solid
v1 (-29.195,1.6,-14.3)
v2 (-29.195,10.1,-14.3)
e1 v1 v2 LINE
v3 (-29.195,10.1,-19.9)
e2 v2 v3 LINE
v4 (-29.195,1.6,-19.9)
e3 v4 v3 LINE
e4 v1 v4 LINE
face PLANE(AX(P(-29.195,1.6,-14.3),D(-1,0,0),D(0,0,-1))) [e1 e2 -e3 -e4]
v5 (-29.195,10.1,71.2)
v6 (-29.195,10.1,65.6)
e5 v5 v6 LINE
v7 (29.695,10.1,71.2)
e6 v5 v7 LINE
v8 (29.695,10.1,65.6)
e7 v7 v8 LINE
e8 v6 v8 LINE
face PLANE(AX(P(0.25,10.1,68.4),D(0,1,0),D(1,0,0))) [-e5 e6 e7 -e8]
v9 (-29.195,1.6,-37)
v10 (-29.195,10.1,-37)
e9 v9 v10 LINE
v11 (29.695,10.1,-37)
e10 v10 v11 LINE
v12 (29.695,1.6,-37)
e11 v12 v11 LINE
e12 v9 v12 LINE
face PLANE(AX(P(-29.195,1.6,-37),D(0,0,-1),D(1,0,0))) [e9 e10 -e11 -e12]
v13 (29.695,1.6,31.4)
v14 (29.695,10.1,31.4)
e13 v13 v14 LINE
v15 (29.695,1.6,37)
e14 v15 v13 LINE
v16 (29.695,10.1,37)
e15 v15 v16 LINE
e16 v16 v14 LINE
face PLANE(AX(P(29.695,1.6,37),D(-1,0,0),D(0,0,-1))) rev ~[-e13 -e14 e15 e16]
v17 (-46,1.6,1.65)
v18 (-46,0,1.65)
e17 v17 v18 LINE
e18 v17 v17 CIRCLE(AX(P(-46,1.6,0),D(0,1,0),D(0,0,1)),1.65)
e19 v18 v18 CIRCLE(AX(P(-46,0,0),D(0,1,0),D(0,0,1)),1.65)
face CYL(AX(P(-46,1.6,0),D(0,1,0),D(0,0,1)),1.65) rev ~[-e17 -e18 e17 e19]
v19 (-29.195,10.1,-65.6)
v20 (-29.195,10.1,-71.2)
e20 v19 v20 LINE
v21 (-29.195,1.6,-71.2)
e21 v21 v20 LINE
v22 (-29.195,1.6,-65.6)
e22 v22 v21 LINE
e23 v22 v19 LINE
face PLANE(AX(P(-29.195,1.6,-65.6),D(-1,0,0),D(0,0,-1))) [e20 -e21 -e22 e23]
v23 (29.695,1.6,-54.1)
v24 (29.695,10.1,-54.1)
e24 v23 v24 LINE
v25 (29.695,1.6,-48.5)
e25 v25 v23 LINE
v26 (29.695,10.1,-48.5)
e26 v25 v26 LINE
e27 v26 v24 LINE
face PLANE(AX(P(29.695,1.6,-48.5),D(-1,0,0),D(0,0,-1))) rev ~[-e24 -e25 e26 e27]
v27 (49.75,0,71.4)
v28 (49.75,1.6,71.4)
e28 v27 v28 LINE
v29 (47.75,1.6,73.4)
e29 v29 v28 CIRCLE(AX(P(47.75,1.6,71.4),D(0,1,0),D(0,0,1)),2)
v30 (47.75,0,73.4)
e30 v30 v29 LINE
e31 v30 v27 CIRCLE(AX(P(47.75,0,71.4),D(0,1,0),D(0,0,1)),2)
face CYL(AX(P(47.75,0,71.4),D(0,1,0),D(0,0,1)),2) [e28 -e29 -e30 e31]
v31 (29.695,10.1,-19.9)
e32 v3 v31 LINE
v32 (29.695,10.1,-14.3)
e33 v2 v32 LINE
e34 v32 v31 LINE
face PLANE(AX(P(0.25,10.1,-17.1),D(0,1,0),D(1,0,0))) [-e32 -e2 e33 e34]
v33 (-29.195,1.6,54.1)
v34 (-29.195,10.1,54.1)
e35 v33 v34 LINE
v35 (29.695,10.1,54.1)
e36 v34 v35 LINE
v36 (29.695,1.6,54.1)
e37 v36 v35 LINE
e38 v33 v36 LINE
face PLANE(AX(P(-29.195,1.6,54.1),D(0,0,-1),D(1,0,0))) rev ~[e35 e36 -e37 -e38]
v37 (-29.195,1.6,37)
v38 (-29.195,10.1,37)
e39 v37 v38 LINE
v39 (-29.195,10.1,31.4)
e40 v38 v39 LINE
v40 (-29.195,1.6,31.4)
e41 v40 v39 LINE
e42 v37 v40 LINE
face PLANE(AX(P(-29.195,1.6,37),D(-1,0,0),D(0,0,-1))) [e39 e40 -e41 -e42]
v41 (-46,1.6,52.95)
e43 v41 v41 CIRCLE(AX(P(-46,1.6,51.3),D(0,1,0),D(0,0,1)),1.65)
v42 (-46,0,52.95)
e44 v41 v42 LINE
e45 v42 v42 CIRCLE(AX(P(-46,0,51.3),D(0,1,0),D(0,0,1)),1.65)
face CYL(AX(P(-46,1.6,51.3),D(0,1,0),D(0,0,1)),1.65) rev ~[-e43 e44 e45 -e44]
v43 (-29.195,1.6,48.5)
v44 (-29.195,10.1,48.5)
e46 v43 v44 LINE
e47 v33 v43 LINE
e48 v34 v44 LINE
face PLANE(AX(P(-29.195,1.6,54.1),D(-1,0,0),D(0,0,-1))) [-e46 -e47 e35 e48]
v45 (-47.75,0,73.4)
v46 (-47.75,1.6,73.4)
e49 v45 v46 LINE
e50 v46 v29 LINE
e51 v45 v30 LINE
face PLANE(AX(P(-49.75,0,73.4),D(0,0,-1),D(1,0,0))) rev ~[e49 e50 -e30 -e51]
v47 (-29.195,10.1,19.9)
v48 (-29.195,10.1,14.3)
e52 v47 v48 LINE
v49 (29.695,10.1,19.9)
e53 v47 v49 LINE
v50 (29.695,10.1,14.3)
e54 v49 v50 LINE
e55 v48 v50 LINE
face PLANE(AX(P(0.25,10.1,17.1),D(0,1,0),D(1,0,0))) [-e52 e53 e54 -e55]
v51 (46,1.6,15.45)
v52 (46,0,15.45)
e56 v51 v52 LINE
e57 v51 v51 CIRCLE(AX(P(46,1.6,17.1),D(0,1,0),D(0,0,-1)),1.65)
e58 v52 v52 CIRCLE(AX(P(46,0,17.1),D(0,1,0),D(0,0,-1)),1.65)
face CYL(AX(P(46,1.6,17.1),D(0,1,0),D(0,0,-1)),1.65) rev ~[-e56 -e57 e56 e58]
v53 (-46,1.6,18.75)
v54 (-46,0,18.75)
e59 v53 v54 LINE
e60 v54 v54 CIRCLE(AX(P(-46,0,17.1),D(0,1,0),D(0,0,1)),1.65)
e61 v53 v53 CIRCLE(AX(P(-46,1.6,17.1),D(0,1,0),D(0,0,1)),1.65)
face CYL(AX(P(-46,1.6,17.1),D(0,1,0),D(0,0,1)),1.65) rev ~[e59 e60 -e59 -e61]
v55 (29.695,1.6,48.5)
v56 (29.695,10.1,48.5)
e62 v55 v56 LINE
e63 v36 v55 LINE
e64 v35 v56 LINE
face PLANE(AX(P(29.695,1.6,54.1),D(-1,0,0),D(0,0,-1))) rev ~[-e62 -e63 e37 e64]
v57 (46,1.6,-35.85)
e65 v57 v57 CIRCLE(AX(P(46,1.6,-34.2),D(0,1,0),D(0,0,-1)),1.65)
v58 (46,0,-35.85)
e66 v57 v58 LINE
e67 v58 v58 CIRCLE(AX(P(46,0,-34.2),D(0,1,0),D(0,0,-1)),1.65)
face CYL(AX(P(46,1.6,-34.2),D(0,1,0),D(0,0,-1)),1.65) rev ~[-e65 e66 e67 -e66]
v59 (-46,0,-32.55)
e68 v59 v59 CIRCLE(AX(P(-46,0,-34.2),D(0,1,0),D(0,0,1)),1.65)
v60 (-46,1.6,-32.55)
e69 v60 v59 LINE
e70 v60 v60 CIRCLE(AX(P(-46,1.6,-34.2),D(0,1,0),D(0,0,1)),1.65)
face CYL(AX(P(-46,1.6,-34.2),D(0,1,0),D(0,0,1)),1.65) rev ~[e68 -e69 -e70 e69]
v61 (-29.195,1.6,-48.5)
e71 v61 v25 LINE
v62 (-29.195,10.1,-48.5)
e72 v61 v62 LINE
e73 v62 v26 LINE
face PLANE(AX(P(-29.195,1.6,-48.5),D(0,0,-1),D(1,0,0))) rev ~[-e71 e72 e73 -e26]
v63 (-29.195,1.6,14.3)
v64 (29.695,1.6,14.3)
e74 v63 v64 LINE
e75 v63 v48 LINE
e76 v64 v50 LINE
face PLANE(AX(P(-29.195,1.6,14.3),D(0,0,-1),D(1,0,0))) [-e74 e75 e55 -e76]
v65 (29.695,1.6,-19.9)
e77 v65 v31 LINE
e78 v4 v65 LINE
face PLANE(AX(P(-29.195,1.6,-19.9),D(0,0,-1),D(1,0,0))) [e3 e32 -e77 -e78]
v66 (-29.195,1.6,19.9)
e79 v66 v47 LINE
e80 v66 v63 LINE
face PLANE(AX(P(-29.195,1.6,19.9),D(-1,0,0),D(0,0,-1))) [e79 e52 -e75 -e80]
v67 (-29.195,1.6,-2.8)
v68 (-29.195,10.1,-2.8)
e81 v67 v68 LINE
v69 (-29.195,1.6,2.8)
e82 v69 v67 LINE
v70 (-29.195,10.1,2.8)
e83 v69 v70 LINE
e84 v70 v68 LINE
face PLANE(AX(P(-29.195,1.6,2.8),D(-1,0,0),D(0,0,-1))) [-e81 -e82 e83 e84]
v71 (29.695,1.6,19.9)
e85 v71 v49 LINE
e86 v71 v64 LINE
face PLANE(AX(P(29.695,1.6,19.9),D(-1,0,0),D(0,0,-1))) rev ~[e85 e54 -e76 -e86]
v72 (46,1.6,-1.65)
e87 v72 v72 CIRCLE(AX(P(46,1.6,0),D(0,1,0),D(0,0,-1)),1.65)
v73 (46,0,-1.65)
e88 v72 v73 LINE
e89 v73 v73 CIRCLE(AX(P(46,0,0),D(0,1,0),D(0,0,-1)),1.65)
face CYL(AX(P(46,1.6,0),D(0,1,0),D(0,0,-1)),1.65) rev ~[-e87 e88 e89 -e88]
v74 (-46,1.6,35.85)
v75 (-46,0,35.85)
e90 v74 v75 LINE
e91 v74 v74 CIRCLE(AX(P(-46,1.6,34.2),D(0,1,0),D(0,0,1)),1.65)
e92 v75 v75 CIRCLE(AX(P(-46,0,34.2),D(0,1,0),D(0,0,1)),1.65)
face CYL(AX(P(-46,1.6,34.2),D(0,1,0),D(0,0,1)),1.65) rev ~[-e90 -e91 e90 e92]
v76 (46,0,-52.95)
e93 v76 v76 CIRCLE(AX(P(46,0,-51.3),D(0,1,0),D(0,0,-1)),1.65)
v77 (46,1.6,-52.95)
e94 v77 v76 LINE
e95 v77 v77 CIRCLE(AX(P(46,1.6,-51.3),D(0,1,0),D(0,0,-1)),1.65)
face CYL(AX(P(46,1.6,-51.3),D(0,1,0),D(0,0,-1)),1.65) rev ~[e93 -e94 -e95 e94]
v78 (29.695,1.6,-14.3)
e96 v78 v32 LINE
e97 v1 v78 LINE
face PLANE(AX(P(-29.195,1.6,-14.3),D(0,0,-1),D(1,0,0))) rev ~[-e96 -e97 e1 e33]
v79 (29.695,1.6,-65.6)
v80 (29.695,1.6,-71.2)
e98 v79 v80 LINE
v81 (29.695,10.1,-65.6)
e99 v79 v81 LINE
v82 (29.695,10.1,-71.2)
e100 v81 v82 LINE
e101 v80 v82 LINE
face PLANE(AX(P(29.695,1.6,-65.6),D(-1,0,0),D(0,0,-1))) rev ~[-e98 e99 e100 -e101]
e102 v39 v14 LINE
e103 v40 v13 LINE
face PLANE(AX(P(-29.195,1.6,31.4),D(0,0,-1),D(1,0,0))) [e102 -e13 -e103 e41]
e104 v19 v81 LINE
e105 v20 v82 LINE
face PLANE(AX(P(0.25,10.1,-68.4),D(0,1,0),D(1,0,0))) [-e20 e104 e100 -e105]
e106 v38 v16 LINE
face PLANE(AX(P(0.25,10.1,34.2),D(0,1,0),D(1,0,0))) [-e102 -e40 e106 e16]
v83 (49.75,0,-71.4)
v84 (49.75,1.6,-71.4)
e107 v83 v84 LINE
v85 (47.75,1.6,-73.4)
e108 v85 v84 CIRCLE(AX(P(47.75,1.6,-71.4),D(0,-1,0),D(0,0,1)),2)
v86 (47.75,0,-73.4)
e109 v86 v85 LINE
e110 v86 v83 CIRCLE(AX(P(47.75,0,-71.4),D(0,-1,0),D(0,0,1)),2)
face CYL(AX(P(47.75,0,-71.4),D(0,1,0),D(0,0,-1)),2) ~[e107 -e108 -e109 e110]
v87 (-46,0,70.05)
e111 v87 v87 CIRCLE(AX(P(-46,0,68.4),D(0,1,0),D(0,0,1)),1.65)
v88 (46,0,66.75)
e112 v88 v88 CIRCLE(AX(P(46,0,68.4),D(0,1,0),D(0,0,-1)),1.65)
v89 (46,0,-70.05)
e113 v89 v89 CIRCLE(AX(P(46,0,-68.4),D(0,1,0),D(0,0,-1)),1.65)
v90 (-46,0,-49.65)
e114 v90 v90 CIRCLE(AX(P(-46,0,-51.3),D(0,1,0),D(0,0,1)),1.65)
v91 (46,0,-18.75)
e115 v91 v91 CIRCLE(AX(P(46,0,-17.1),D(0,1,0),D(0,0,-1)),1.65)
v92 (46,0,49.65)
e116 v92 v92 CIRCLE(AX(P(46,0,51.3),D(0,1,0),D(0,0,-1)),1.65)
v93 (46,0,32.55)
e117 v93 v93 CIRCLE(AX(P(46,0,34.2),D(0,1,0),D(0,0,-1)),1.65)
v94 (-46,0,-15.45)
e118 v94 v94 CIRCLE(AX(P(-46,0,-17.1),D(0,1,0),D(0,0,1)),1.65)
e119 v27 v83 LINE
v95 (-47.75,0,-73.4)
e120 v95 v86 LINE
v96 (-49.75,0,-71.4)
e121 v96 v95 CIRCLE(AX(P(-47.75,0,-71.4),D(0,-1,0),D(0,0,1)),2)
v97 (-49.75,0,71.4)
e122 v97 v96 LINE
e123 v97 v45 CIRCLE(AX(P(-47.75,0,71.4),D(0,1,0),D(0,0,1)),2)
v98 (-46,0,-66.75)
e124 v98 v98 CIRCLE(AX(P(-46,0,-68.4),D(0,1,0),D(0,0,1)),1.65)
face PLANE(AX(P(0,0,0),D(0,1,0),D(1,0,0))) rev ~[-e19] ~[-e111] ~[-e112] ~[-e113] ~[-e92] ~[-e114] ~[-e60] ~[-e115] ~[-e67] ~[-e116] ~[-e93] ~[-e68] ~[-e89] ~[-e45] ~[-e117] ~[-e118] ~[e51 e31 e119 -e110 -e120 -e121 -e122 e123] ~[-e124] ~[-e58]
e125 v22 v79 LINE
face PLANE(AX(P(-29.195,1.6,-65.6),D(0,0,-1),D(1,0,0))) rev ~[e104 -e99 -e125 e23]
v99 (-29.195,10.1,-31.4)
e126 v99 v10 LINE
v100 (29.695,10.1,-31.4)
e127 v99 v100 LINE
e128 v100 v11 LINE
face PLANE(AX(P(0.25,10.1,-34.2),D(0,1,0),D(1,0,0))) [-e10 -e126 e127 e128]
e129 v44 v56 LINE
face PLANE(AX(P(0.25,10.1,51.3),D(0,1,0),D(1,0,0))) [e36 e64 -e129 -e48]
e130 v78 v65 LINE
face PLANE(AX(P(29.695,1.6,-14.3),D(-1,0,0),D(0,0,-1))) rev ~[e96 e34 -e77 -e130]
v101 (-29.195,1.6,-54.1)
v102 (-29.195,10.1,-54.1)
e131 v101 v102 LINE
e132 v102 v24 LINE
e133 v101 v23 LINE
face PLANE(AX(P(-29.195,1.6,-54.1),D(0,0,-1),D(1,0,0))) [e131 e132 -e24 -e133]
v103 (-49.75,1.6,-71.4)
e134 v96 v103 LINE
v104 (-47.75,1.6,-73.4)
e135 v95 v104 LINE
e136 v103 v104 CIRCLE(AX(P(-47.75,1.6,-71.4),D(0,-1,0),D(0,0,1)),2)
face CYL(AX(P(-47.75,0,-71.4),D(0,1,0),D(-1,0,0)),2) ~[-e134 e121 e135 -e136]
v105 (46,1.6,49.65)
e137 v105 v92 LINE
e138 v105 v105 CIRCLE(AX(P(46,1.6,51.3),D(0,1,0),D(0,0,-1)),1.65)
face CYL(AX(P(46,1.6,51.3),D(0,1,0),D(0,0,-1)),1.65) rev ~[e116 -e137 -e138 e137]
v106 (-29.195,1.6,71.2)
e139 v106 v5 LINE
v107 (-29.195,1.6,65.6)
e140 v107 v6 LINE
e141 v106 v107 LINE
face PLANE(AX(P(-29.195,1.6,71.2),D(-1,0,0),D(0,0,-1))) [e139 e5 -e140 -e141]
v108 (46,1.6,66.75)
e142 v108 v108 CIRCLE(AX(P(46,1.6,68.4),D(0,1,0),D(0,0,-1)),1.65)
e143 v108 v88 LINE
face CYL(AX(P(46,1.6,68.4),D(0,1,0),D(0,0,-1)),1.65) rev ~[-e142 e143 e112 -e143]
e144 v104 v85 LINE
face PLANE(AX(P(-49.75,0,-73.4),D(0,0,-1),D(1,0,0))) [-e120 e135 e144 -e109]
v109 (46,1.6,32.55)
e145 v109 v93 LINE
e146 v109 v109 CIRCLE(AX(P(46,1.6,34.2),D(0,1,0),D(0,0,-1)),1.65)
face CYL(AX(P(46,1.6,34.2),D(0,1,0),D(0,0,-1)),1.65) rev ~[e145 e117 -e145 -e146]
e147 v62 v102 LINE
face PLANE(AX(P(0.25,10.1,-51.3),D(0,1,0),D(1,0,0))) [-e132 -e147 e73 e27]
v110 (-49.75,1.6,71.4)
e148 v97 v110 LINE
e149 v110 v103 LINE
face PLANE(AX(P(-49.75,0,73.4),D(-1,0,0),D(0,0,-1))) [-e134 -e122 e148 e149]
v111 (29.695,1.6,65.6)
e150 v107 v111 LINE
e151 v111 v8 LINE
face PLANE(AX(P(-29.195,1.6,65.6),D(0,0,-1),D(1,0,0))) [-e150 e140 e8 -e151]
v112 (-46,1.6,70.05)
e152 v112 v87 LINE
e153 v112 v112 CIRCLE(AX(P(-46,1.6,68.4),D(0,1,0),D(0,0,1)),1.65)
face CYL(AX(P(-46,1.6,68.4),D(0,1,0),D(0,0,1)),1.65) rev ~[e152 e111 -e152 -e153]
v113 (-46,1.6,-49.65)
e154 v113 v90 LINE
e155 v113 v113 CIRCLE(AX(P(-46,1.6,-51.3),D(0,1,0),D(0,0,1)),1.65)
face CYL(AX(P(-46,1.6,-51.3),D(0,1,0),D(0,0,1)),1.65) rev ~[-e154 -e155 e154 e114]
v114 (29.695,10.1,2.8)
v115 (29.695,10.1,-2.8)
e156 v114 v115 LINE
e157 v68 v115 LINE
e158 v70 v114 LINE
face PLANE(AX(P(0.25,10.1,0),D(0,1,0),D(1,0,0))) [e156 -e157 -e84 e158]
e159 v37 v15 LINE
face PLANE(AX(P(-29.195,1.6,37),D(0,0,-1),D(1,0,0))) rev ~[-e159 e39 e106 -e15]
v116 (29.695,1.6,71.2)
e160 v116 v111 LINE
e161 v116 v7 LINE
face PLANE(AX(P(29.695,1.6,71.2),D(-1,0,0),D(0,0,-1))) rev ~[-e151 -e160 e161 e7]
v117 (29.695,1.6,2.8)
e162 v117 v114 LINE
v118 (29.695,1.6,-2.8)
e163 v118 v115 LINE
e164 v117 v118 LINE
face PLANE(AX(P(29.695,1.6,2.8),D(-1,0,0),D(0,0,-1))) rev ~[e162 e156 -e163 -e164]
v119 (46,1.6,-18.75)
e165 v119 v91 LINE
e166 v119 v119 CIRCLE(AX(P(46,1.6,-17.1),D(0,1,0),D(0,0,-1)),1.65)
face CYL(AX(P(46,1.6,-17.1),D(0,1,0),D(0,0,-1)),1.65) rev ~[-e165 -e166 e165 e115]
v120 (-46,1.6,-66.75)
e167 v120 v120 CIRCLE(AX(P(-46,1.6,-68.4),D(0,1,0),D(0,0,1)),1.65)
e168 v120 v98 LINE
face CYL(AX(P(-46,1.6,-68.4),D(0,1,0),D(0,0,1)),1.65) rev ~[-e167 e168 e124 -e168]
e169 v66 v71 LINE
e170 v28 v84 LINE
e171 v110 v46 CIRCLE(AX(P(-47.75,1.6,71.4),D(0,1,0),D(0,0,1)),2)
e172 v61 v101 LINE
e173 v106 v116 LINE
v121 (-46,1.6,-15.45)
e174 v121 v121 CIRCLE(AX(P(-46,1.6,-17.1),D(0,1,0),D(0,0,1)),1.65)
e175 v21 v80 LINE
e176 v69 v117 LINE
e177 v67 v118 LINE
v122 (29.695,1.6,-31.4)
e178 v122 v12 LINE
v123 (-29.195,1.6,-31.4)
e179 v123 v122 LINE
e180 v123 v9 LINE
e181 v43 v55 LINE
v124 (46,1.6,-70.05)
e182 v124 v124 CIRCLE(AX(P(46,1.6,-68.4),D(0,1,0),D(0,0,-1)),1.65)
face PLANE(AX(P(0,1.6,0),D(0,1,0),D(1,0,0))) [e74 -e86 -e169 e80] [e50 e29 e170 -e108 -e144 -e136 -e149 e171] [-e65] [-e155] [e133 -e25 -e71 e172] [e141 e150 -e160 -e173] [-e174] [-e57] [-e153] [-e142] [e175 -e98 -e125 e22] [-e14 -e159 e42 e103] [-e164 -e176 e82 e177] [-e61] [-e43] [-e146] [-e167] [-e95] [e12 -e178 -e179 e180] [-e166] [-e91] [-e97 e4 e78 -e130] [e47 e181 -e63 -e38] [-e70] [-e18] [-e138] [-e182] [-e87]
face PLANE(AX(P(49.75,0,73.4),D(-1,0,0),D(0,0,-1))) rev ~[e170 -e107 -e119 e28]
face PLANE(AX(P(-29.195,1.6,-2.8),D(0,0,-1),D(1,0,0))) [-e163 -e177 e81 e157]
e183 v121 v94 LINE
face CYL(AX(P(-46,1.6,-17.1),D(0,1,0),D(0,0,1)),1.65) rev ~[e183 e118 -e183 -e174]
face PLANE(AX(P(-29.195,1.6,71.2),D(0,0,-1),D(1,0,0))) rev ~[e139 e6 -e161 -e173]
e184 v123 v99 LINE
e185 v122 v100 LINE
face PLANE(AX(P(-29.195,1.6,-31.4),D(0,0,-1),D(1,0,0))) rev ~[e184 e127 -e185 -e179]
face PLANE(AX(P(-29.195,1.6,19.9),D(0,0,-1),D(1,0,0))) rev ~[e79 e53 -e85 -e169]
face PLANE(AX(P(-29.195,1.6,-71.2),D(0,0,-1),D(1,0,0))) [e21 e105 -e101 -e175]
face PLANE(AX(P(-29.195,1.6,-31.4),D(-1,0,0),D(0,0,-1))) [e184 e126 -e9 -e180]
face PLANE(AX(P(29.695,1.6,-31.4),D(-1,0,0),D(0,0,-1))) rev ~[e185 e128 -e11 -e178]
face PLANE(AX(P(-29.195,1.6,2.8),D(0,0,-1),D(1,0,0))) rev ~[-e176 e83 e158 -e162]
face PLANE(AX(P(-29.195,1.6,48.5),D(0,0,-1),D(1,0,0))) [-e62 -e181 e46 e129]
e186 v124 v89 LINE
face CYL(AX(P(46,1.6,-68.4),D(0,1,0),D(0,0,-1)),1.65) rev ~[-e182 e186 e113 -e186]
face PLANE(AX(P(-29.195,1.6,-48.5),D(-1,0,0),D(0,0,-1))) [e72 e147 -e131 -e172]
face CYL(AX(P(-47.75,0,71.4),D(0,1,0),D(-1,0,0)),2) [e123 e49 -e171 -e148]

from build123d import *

# Parameters (mm, degrees)
SKETCH1_W           = 99.5
SKETCH1_H           = 146.8
BOSS_EXTRUDE1_DEPTH = 1.6
SKETCH3_R           = 1.65
CUT_EXTRUDE2_DEPTH  = 1.6
SKETCH4_W           = 58.89
SKETCH4_H           = 5.6
BOSS_EXTRUDE2_DEPTH = 8.5
FILLET2_R           = 2


with BuildPart() as part:
    # Sketch1 → Boss-Extrude1 (new body)
    with BuildSketch(Plane(origin=(0, 0, 0), x_dir=(1, 0, 0), z_dir=(0, 1, 0))):
        Rectangle(SKETCH1_W, SKETCH1_H)
    extrude(amount=BOSS_EXTRUDE1_DEPTH)

    # Sketch3 → Cut-Extrude2 (cut)
    with BuildSketch(Plane(origin=(0, 1.6, 0), x_dir=(1, 0, 0), z_dir=(0, 1, 0))):
        with Locations(Location((-46, -68.4, 0), (0, 0, 270))):
            Circle(SKETCH3_R)
        with Locations(Location((-46, -51.3, 0), (0, 0, 270))):
            Circle(SKETCH3_R)
        with Locations(Location((-46, -34.2, 0), (0, 0, 270))):
            Circle(SKETCH3_R)
        with Locations(Location((-46, -17.1, 0), (0, 0, 270))):
            Circle(SKETCH3_R)
        with Locations(Location((-46, 0, 0), (0, 0, 270))):
            Circle(SKETCH3_R)
        with Locations(Location((-46, 17.1, 0), (0, 0, 270))):
            Circle(SKETCH3_R)
        with Locations(Location((-46, 34.2, 0), (0, 0, 270))):
            Circle(SKETCH3_R)
        with Locations(Location((-46, 51.3, 0), (0, 0, 270))):
            Circle(SKETCH3_R)
        with Locations(Location((-46, 68.4, 0), (0, 0, 270))):
            Circle(SKETCH3_R)
        with Locations(Location((46, 68.4, 0), (0, 0, 90))):
            Circle(SKETCH3_R)
        with Locations(Location((46, 51.3, 0), (0, 0, 90))):
            Circle(SKETCH3_R)
        with Locations(Location((46, 34.2, 0), (0, 0, 90))):
            Circle(SKETCH3_R)
        with Locations(Location((46, 17.1, 0), (0, 0, 90))):
            Circle(SKETCH3_R)
        with Locations(Location((46, 0, 0), (0, 0, 90))):
            Circle(SKETCH3_R)
        with Locations(Location((46, -17.1, 0), (0, 0, 90))):
            Circle(SKETCH3_R)
        with Locations(Location((46, -34.2, 0), (0, 0, 90))):
            Circle(SKETCH3_R)
        with Locations(Location((46, -51.3, 0), (0, 0, 90))):
            Circle(SKETCH3_R)
        with Locations(Location((46, -68.4, 0), (0, 0, 90))):
            Circle(SKETCH3_R)
    extrude(amount=-CUT_EXTRUDE2_DEPTH, mode=Mode.SUBTRACT)

    # Sketch4 → Boss-Extrude2 (add)
    with BuildSketch(Plane(origin=(0, 1.6, 0), x_dir=(1, 0, 0), z_dir=(0, 1, 0))):
        with Locations((0.25, -51.3)):
            Rectangle(SKETCH4_W, SKETCH4_H)
        with Locations((0.25, -68.4)):
            Rectangle(SKETCH4_W, SKETCH4_H)
        with Locations((0.25, -34.2)):
            Rectangle(SKETCH4_W, SKETCH4_H)
        with Locations((0.25, -17.1)):
            Rectangle(SKETCH4_W, SKETCH4_H)
        with Locations((0.25, 0)):
            Rectangle(SKETCH4_W, SKETCH4_H)
        with Locations((0.25, 17.1)):
            Rectangle(SKETCH4_W, SKETCH4_H)
        with Locations((0.25, 34.2)):
            Rectangle(SKETCH4_W, SKETCH4_H)
        with Locations((0.25, 51.3)):
            Rectangle(SKETCH4_W, SKETCH4_H)
        with Locations((0.25, 68.4)):
            Rectangle(SKETCH4_W, SKETCH4_H)
    extrude(amount=BOSS_EXTRUDE2_DEPTH)

    # Fillet2
    fillet2_edges = [part.edges().sort_by_distance(p)[0] for p in [
        (49.75, 0.8, 73.4),
        (-49.75, 0.8, 73.4),
        (-49.75, 0.8, -73.4),
        (49.75, 0.8, -73.4),
    ]]
    fillet(fillet2_edges, radius=FILLET2_R)


solid = part.part
